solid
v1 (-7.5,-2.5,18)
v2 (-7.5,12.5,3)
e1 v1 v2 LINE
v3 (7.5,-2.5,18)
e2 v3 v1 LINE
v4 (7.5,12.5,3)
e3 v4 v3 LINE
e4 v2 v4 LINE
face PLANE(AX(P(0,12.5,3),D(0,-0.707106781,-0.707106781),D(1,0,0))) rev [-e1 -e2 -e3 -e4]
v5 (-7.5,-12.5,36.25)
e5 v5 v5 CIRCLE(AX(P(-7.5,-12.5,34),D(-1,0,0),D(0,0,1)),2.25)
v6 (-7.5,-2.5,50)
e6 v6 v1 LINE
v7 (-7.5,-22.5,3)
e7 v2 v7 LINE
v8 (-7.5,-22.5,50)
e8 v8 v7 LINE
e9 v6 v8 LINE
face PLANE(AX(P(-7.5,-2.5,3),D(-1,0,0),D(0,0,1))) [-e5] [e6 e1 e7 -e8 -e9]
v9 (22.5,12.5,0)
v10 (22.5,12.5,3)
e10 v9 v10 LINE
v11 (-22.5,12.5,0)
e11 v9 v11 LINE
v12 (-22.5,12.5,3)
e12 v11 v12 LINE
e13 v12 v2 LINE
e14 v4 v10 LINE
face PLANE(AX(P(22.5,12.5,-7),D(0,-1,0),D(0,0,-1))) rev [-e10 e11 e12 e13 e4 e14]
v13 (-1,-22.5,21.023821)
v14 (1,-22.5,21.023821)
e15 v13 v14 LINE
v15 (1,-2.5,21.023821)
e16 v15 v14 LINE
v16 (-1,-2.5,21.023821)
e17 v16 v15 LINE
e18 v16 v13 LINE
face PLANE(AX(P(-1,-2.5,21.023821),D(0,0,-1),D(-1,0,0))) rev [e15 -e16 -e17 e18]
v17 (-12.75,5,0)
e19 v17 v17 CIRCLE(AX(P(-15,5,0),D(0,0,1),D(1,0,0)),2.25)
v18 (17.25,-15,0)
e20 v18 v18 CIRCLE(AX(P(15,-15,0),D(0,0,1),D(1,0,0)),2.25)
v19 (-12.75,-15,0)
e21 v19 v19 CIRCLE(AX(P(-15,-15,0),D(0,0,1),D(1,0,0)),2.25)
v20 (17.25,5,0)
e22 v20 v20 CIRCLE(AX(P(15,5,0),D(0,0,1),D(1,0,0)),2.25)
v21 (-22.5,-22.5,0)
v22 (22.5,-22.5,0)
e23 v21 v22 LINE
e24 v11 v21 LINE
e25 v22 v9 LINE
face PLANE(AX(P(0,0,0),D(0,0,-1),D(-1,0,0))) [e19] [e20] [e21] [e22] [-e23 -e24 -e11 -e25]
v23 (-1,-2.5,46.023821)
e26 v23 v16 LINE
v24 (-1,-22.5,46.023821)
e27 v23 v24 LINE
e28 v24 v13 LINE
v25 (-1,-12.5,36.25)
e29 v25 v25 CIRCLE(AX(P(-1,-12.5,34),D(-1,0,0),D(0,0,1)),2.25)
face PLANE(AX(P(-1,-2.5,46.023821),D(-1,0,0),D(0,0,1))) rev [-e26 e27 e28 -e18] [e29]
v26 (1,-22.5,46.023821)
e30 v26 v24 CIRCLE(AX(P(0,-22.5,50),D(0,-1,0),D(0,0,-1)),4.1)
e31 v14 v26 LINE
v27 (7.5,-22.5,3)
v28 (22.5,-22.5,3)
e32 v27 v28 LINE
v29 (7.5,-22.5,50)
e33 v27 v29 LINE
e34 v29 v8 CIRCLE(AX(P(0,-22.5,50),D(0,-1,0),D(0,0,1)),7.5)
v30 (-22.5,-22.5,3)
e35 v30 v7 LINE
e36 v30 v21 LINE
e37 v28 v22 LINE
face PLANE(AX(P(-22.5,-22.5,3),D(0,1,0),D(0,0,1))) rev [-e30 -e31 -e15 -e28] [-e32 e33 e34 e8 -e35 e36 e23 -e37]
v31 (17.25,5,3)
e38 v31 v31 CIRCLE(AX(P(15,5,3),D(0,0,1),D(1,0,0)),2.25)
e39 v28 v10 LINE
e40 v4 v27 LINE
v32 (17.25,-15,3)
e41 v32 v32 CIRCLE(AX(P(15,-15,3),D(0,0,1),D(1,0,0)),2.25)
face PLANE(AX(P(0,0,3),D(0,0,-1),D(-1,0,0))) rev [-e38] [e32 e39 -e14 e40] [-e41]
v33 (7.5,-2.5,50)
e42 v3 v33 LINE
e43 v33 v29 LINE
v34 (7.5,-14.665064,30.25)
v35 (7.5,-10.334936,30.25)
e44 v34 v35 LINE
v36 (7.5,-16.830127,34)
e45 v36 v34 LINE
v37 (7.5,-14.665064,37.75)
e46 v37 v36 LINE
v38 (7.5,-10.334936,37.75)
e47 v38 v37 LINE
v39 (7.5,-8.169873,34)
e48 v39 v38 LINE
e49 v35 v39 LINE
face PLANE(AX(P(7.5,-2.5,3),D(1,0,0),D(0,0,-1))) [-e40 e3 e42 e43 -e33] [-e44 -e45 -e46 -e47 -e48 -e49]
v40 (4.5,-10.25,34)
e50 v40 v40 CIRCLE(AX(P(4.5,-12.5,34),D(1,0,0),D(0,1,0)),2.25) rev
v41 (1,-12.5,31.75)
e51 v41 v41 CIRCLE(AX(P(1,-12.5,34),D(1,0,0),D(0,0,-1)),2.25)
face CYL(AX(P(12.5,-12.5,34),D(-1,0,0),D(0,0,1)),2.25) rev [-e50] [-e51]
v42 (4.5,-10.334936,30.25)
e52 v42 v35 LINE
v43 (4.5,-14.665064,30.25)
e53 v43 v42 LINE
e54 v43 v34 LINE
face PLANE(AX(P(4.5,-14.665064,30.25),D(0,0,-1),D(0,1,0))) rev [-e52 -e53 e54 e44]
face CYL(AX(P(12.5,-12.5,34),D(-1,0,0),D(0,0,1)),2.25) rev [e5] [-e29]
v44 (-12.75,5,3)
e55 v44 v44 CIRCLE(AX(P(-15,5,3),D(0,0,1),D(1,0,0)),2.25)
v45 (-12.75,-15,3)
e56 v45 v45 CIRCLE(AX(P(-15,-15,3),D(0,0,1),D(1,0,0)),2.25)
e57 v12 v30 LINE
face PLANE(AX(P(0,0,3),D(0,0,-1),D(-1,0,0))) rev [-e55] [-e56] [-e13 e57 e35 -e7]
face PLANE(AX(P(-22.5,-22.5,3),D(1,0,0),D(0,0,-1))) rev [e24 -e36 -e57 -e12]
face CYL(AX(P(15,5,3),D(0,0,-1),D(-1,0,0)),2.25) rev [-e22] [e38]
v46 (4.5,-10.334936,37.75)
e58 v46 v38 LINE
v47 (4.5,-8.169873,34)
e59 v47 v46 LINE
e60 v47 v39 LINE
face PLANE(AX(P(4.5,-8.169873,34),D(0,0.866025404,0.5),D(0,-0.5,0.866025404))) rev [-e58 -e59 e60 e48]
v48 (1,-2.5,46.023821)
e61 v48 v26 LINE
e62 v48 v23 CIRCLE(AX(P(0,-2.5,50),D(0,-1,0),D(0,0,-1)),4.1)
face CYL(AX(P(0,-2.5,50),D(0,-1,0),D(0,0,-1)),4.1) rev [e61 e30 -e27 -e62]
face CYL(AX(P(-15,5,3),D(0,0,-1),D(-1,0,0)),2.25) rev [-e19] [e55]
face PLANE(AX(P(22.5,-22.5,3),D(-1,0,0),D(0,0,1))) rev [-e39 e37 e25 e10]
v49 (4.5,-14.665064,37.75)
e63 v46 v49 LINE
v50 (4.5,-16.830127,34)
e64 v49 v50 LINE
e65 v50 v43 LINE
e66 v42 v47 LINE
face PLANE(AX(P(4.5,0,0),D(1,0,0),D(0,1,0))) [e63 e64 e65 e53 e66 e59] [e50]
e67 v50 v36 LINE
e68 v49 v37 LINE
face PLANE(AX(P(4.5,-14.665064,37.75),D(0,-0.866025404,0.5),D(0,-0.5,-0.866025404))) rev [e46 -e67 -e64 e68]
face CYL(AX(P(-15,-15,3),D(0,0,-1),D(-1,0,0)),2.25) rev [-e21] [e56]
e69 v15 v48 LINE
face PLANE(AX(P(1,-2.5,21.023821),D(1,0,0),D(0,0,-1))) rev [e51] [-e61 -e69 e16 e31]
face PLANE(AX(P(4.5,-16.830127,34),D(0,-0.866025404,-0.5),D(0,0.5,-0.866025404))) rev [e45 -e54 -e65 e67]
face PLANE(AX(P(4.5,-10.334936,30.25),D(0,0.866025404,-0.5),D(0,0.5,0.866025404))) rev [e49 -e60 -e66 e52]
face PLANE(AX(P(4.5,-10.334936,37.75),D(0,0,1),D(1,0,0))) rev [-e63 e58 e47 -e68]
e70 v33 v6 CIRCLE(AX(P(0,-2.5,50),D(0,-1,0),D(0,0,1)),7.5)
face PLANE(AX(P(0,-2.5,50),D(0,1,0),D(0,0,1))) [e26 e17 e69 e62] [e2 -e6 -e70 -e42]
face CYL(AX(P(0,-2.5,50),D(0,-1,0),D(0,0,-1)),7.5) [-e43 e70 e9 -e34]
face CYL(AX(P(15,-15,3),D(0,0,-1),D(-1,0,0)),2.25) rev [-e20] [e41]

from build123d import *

# Parameters (mm, degrees)
SKETCH1_W           = 45
SKETCH1_H           = 45
SKETCH1_R           = 2.25
BOSS_EXTRUDE1_DEPTH = 3
BOSS_EXTRUDE2_DEPTH = 20
CHAMFER1_SIZE       = 15
SKETCH4_R           = 2.25
CUT_EXTRUDE1_DEPTH  = 20
CUT_EXTRUDE2_DEPTH  = 3
SKETCH6_W           = 45
SKETCH6_H           = 10
CUT_EXTRUDE3_DEPTH  = 10


with BuildPart() as part:
    # Sketch1 → Boss-Extrude1 (new body)
    with BuildSketch(Plane.XY):
        Rectangle(SKETCH1_W, SKETCH1_H)
        with Locations((-15, 5)):
            Circle(SKETCH1_R, mode=Mode.SUBTRACT)
        with Locations((15, 5)):
            Circle(SKETCH1_R, mode=Mode.SUBTRACT)
        with Locations((15, -15)):
            Circle(SKETCH1_R, mode=Mode.SUBTRACT)
        with Locations((-15, -15)):
            Circle(SKETCH1_R, mode=Mode.SUBTRACT)
    extrude(amount=BOSS_EXTRUDE1_DEPTH)

    # Sketch3 → Boss-Extrude2 (add)
    with BuildSketch(Plane(origin=(0, -22.5, 0), x_dir=(-1, 0, 0), z_dir=(0, -1, 0))):
        with BuildLine():
            Line((7.5, -3), (-7.5, -3))
            Line((-7.5, -3), (-7.5, -50))
            ThreePointArc((-7.5, -50), (0, -57.5), (7.5, -50))
            Line((7.5, -50), (7.5, -3))
        make_face()
        with BuildLine():
            Line((1, -46.02382093), (1, -21.02382093))
            Line((1, -21.02382093), (-1, -21.02382093))
            Line((-1, -21.02382093), (-1, -46.02382093))
            ThreePointArc((-1, -46.02382093), (0, -54.1), (1, -46.02382093))
        make_face(mode=Mode.SUBTRACT)
    extrude(amount=-BOSS_EXTRUDE2_DEPTH)

    # Chamfer1
    chamfer1_edges = [part.edges().sort_by_distance(p)[0] for p in [
        (0, -2.5, 3),
    ]]
    chamfer(chamfer1_edges, length=CHAMFER1_SIZE)

    # Sketch4 → Cut-Extrude1 (cut)
    with BuildSketch(Plane.ZY.offset(7.5)):
        with Locations((34, -12.5)):
            Circle(SKETCH4_R)
    extrude(amount=-CUT_EXTRUDE1_DEPTH, mode=Mode.SUBTRACT)

    # Sketch5 → Cut-Extrude2 (cut)
    with BuildSketch(Plane(origin=(7.5, 0, 0), x_dir=(0, 0, -1), z_dir=(1, 0, 0))):
        Polygon((-34, -16.830127019), (-30.25, -14.665063509), (-30.25, -10.334936491), (-34, -8.169872981), (-37.75, -10.334936491), (-37.75, -14.665063509), align=None)
    extrude(amount=-CUT_EXTRUDE2_DEPTH, mode=Mode.SUBTRACT)

    # Sketch6 → Cut-Extrude3 (cut)
    with BuildSketch(Plane.XY.offset(3)):
        with Locations((0, 17.5)):
            Rectangle(SKETCH6_W, SKETCH6_H)
    extrude(amount=-CUT_EXTRUDE3_DEPTH, mode=Mode.SUBTRACT)


solid = part.part
